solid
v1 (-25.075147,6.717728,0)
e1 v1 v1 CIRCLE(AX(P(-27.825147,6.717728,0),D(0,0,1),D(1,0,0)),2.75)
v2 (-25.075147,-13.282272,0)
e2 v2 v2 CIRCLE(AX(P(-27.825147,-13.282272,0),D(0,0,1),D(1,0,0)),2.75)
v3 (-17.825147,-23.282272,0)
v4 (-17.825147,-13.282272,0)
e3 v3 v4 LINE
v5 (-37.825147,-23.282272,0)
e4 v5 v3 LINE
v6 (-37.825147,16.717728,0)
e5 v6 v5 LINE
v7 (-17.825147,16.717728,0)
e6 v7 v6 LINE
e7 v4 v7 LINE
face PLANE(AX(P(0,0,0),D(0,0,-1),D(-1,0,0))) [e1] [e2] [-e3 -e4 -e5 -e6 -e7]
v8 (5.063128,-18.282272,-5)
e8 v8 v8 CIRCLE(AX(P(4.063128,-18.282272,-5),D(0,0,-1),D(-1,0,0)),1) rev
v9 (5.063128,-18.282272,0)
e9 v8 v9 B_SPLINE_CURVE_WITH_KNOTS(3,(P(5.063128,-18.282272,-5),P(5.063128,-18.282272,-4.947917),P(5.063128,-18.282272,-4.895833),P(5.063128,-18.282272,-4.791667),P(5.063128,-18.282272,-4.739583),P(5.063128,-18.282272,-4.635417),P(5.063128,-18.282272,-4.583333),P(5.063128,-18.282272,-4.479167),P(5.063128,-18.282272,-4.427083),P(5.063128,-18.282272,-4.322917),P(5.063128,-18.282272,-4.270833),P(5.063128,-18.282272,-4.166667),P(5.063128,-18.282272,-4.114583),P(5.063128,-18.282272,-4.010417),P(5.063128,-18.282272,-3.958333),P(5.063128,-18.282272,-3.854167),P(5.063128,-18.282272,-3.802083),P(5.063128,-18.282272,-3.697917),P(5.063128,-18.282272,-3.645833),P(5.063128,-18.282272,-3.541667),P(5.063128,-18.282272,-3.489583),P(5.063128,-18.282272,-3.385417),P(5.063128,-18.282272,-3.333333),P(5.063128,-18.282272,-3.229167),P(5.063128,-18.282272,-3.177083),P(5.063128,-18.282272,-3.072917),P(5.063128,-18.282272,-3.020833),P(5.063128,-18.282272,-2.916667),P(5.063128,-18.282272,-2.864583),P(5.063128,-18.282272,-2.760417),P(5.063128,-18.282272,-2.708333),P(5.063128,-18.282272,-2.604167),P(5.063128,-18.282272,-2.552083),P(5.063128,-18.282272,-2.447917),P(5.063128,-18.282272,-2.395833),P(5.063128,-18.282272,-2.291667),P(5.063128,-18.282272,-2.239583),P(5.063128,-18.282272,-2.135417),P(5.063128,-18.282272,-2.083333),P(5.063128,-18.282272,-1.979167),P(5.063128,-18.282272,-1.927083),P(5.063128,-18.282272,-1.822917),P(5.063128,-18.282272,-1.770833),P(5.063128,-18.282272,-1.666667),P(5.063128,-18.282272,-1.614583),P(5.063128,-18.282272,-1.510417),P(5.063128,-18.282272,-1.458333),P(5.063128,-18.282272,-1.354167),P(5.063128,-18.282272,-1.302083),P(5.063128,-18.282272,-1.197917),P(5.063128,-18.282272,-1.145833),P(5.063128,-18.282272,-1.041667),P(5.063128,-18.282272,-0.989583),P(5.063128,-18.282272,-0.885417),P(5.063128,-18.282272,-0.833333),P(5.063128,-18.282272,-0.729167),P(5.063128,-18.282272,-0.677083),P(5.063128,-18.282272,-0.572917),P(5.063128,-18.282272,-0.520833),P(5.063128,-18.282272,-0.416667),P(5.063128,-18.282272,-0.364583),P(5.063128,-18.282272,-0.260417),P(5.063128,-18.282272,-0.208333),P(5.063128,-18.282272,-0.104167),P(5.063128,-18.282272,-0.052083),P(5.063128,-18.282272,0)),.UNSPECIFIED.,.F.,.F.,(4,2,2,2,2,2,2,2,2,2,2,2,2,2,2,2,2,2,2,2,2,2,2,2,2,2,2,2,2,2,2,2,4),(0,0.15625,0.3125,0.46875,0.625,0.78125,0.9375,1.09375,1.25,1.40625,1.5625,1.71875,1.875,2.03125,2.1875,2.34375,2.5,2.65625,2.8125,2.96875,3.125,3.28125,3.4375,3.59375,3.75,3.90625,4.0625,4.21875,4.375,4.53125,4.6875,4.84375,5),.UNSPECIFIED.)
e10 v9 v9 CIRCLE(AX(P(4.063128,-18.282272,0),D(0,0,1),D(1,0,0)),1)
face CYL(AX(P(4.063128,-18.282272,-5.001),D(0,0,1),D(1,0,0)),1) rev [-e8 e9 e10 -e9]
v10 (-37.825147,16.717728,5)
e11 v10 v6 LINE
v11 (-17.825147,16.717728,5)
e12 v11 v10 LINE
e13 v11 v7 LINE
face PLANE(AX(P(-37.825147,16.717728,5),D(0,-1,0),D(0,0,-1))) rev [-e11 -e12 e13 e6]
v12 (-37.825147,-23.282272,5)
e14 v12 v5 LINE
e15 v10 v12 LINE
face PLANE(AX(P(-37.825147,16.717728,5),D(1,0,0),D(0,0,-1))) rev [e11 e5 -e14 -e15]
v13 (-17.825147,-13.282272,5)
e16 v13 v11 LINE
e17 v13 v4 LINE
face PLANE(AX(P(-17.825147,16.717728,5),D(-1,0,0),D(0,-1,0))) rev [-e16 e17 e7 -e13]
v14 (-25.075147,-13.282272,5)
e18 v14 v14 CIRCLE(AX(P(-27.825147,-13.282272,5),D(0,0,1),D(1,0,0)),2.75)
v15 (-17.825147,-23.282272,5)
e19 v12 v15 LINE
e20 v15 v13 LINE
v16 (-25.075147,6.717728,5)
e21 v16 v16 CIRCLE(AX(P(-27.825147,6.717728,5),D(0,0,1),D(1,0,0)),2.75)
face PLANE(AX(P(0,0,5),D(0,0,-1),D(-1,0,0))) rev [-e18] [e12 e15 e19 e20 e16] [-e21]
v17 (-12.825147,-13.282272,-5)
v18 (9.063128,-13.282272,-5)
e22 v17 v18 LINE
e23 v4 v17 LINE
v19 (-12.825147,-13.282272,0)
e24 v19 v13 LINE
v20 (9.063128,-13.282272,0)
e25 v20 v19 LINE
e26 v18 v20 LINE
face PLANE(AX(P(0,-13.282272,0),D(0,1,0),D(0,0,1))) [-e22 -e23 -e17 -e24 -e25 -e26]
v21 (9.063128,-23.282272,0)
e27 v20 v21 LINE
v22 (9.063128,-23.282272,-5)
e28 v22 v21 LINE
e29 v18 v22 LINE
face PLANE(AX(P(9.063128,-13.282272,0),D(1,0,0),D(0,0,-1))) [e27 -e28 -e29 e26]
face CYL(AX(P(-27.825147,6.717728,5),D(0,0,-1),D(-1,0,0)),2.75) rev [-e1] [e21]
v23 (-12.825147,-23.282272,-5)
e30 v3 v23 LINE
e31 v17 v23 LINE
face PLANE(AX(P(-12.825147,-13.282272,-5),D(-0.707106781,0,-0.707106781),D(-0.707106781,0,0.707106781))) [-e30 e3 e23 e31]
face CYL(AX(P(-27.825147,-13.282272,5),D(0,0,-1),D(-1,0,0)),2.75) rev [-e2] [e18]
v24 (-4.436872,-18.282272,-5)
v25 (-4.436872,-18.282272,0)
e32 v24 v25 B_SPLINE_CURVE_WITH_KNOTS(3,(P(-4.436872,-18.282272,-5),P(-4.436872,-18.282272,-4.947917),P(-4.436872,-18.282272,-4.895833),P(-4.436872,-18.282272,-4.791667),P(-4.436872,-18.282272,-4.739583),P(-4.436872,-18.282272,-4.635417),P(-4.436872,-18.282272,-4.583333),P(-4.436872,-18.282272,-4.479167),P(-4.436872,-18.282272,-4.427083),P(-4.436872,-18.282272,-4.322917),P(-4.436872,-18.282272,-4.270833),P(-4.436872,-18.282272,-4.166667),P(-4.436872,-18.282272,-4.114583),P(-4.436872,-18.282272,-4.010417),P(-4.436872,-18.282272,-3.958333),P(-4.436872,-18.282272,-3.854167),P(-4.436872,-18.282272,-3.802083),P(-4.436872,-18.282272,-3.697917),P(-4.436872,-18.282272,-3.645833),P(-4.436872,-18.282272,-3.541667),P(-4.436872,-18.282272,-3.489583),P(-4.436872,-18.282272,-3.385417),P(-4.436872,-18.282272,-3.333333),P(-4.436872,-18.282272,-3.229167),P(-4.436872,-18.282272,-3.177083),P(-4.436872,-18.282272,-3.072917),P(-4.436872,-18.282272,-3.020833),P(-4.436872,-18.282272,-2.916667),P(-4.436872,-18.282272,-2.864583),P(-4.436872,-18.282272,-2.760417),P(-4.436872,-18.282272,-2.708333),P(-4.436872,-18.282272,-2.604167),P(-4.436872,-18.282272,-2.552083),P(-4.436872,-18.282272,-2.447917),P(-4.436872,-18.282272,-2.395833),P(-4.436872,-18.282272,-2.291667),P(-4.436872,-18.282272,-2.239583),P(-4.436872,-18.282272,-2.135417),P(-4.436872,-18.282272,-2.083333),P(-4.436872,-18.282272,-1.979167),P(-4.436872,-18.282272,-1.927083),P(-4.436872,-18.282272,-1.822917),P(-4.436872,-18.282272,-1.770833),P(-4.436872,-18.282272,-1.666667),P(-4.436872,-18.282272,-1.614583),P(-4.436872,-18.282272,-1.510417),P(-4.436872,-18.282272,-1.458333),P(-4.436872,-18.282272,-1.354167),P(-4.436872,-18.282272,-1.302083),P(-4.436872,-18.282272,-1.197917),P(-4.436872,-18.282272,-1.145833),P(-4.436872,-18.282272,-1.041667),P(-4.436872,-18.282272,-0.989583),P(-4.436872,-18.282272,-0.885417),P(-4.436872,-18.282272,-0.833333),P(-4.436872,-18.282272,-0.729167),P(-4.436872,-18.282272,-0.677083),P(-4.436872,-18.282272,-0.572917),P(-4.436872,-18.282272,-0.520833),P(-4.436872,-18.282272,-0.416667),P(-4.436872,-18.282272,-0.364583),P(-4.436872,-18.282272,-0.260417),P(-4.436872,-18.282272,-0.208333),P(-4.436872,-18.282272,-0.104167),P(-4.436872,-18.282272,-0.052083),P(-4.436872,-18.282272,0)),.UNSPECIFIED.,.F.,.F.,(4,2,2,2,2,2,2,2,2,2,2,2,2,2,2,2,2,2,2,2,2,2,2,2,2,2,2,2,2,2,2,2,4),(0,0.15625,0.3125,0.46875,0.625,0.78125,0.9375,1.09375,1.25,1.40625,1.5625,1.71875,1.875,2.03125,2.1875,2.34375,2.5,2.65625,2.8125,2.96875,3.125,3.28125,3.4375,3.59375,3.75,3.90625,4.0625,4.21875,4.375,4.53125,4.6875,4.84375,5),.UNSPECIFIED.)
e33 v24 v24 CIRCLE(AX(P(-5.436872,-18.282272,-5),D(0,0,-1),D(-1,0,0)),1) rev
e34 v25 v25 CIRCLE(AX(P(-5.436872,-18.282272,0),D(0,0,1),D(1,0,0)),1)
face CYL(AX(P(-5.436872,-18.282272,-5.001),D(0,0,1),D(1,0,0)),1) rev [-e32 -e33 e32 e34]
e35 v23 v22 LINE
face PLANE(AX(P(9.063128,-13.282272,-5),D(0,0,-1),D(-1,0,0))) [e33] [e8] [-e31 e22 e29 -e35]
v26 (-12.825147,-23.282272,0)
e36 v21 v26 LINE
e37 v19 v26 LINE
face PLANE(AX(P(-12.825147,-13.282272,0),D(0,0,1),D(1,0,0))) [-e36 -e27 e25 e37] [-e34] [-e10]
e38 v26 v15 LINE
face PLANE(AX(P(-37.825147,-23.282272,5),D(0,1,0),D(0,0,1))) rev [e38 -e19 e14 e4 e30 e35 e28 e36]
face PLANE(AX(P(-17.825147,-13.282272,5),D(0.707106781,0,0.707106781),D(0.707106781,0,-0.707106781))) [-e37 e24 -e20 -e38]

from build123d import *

# Parameters (mm, degrees)
ESQUISSE1_W             = 20
ESQUISSE1_H             = 40
ESQUISSE1_R             = 2.75
BOSS_EXTRU_1_DEPTH      = 5
BOSS_EXTRU_2_DEPTH      = 10
ENL_V_MAT_EXTRU_1_REACH = 46.697
ESQUISSE3_R             = 1


with BuildPart() as part:
    # Esquisse1 → Boss.-Extru.1 (new body)
    with BuildSketch(Plane.XY):
        with Locations((-27.825146679, -3.282272289)):
            Rectangle(ESQUISSE1_W, ESQUISSE1_H)
        with Locations((-27.825146679, 6.717727711)):
            Circle(ESQUISSE1_R, mode=Mode.SUBTRACT)
        with Locations((-27.825146679, -13.282272289)):
            Circle(ESQUISSE1_R, mode=Mode.SUBTRACT)
    extrude(amount=BOSS_EXTRU_1_DEPTH)

    # Esquisse2 → Boss.-Extru.2 (add)
    with BuildSketch(Plane.XZ.offset(23.282272289)):
        Polygon((-17.825146679, 0), (-17.825146679, 5), (-12.825146679, 0), (9.063128198, 0), (9.063128198, -5), (-12.825146679, -5), align=None)
    extrude(amount=-BOSS_EXTRU_2_DEPTH)

    # Esquisse3 → Enlèv. mat.-Extru.1 (cut, up to next)
    with BuildSketch(Plane.XY, mode=Mode.PRIVATE) as enl_v_mat_extru_1_sk1:
        with Locations((4.063128198, -18.282272289)):
            Circle(ESQUISSE3_R)
    enl_v_mat_extru_1_tool1 = extrude(enl_v_mat_extru_1_sk1.sketch, amount=-ENL_V_MAT_EXTRU_1_REACH, mode=Mode.PRIVATE) & part.part
    # Esquisse3 → Enlèv. mat.-Extru.1 (cut, up to next)
    with BuildSketch(Plane.XY, mode=Mode.PRIVATE) as enl_v_mat_extru_1_sk2:
        with Locations((-5.436871802, -18.282272289)):
            Circle(ESQUISSE3_R)
    enl_v_mat_extru_1_tool2 = extrude(enl_v_mat_extru_1_sk2.sketch, amount=-ENL_V_MAT_EXTRU_1_REACH, mode=Mode.PRIVATE) & part.part
    add(enl_v_mat_extru_1_tool1.solids().sort_by_distance((4.063128, -18.282272, 0))[0], mode=Mode.SUBTRACT)
    add(enl_v_mat_extru_1_tool2.solids().sort_by_distance((-5.436872, -18.282272, 0))[0], mode=Mode.SUBTRACT)


solid = part.part
